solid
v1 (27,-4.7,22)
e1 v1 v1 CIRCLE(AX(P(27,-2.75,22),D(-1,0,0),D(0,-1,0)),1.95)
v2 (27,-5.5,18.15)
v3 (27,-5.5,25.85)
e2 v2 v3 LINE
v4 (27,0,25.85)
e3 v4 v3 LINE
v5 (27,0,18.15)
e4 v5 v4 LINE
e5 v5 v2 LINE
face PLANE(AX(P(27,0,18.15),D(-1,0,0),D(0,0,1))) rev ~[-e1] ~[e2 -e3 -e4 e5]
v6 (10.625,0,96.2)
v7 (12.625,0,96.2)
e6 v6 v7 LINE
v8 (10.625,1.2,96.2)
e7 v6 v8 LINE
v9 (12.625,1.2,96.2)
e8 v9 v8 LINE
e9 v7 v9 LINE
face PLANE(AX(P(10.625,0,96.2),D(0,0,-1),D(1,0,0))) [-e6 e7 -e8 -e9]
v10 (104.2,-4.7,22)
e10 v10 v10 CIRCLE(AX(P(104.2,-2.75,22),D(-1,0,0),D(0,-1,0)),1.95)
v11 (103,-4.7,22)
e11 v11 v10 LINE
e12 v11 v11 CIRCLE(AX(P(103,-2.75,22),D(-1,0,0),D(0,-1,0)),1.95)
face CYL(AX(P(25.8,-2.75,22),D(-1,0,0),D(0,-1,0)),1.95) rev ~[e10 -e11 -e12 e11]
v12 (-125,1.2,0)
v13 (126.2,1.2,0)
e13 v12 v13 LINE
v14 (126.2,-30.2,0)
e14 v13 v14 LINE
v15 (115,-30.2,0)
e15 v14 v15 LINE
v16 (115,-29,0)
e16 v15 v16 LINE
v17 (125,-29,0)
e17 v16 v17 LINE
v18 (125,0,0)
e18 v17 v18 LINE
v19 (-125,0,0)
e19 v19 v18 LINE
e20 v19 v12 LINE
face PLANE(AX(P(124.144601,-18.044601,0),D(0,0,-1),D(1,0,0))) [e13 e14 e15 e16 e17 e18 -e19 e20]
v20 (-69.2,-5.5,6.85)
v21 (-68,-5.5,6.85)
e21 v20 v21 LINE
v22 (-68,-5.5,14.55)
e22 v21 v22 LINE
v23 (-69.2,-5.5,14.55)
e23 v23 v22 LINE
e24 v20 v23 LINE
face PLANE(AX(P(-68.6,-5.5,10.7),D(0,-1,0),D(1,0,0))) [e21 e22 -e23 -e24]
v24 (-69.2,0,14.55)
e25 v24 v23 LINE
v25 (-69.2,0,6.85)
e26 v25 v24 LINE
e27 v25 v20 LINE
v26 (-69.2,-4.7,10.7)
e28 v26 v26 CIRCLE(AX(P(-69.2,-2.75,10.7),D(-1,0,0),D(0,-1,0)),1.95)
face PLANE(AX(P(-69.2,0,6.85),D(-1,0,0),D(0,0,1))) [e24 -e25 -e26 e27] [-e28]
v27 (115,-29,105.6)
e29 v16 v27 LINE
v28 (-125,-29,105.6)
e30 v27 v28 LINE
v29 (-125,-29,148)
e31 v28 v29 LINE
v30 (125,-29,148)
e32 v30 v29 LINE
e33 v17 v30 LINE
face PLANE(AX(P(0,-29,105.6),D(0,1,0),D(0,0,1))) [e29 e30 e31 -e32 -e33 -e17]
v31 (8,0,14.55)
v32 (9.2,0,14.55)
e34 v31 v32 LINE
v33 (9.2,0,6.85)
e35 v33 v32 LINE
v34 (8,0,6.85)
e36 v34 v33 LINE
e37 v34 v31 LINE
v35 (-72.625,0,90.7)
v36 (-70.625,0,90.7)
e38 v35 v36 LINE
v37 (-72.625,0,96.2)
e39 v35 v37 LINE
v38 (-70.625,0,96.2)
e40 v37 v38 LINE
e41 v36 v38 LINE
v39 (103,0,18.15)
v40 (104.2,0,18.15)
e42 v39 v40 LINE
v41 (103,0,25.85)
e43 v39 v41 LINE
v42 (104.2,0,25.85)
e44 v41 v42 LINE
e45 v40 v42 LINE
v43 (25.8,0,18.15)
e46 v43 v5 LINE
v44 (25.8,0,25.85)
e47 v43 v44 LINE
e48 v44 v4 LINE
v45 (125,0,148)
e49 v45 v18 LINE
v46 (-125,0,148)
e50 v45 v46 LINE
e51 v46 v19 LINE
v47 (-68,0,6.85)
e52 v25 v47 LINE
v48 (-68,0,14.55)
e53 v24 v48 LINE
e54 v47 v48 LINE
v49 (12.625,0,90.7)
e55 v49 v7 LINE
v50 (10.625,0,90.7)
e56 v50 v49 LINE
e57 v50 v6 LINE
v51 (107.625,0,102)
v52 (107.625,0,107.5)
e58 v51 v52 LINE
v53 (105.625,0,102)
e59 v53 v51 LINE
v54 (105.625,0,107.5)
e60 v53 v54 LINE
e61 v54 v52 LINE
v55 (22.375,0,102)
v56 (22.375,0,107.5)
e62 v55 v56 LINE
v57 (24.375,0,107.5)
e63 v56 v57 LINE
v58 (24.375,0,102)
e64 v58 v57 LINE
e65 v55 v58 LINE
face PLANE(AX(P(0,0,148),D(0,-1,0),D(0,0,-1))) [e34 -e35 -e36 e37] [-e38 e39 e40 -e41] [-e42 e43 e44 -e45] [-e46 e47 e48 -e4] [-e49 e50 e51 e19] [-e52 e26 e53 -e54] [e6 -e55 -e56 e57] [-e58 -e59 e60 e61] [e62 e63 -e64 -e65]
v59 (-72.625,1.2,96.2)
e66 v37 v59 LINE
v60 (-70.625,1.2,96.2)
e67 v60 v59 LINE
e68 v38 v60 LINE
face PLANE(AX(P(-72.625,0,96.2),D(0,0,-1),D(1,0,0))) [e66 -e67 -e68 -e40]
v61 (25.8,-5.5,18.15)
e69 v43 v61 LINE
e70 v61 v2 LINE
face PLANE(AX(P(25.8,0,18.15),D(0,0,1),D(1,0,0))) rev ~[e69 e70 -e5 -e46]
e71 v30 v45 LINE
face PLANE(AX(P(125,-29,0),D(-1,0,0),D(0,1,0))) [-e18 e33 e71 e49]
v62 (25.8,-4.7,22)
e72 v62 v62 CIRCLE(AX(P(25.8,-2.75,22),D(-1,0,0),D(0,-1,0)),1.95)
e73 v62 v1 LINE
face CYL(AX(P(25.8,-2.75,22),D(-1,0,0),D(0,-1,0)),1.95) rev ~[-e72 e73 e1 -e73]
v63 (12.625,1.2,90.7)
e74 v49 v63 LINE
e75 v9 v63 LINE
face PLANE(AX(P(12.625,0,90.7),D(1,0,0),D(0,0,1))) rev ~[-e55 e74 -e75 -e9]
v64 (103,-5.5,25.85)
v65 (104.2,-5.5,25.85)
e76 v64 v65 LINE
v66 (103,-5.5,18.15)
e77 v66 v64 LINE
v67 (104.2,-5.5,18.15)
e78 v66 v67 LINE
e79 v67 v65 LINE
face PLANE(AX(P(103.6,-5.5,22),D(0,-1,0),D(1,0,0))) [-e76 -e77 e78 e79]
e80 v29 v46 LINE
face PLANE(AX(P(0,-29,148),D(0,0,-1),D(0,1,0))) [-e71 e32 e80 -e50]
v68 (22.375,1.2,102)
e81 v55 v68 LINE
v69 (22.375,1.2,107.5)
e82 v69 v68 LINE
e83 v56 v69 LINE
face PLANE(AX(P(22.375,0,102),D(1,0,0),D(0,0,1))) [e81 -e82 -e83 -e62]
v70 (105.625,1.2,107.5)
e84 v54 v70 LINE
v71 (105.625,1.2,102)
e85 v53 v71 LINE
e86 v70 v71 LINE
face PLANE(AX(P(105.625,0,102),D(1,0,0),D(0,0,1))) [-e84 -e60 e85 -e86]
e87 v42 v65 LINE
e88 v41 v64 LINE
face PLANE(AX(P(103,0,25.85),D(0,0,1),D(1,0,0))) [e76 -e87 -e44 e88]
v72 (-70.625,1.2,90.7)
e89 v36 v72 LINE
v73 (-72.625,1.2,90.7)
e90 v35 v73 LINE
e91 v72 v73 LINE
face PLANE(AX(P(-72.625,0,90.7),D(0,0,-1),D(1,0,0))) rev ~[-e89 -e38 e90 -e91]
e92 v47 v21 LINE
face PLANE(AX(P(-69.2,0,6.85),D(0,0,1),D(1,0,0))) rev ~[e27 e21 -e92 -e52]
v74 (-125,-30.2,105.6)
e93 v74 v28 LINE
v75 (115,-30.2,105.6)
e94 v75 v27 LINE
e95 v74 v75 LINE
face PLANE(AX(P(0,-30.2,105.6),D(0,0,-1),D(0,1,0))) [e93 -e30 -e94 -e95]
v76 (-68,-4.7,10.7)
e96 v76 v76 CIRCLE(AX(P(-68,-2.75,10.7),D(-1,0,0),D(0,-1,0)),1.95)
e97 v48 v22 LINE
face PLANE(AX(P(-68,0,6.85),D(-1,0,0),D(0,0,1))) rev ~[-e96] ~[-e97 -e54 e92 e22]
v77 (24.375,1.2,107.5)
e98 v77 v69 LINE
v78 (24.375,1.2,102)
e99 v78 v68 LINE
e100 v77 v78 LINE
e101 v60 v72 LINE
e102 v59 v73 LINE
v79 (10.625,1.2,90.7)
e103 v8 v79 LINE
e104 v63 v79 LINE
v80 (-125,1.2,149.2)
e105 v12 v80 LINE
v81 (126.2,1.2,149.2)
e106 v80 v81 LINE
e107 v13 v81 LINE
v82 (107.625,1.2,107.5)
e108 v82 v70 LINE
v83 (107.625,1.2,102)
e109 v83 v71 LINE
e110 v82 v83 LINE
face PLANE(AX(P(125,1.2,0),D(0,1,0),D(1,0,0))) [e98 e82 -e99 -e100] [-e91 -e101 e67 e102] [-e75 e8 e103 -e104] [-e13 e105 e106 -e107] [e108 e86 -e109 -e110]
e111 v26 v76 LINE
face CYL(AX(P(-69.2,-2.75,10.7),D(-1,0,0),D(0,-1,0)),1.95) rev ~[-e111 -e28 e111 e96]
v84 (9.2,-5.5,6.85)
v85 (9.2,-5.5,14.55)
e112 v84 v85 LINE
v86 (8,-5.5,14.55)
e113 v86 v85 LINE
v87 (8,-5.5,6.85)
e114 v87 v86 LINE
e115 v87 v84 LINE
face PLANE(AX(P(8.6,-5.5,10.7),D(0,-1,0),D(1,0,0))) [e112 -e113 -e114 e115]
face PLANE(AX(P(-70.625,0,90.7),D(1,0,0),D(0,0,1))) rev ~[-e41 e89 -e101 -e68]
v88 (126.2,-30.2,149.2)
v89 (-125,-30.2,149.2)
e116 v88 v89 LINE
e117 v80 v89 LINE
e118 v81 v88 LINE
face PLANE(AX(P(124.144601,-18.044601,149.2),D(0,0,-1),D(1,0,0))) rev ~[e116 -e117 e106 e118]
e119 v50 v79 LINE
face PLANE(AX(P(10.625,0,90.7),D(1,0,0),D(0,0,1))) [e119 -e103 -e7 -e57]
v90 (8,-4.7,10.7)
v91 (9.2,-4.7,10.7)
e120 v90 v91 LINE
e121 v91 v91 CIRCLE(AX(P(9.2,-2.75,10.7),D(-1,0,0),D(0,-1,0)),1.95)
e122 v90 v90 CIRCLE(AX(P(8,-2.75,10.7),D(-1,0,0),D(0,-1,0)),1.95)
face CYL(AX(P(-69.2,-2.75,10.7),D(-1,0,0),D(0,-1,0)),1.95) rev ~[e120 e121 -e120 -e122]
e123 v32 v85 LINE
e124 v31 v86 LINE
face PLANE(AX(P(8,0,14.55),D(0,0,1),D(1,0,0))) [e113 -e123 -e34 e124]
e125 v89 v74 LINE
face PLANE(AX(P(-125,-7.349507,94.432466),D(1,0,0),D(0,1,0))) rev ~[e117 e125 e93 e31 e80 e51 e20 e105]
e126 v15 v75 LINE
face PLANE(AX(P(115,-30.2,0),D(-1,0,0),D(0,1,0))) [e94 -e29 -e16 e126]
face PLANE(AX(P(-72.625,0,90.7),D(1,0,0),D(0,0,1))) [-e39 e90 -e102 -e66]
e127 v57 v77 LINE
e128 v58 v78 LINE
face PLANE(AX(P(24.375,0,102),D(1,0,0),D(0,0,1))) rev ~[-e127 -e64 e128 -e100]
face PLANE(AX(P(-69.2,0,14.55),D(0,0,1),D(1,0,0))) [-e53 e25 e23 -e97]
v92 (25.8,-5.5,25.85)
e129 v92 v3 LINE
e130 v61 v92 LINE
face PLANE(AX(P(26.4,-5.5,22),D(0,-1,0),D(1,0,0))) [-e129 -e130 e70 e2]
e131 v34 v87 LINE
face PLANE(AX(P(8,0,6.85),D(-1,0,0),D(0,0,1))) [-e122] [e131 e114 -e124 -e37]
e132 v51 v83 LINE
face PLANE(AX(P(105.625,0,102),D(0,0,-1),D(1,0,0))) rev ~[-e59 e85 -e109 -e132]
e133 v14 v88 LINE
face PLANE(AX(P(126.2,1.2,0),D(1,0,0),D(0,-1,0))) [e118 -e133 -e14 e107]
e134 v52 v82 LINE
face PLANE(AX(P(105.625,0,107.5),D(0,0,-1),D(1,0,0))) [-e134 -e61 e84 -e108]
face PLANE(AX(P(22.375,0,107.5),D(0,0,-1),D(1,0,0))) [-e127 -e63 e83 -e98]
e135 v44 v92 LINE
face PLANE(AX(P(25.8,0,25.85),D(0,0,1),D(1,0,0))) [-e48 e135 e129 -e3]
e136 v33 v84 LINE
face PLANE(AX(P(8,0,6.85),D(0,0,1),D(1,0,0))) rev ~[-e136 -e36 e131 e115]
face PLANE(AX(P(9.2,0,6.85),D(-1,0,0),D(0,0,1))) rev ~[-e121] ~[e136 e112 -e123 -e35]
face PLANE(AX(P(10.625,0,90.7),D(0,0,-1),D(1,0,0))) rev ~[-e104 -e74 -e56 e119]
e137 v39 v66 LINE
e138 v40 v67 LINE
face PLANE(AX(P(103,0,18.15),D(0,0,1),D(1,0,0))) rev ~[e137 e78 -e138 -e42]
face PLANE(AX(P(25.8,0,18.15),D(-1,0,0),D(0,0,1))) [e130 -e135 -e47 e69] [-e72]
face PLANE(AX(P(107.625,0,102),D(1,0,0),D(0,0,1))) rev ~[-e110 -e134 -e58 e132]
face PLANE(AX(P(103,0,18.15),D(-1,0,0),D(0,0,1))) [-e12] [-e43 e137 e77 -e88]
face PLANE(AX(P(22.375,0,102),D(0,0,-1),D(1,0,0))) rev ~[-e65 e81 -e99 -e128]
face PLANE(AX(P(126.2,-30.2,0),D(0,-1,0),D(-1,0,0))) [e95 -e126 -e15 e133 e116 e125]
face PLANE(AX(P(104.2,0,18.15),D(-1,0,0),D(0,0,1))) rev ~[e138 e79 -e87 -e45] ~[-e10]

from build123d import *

# Parameters (mm, degrees)
F1_DEPTH = 125
F3_DEPTH = 149.2
F4_W     = 2
F4_H     = 5.5
F5_DEPTH = 1.201
F4_W_2   = 1.2
F4_H_2   = 7.7
F6_DEPTH = 5.5
F7_R     = 1.95
F8_R     = 1.95
F9_DEPTH = 78.4


with BuildPart() as f1:
    # F0 (on Right) → F1 (new body, symmetric)
    with BuildSketch(Plane.YZ):
        Polygon((0, 148), (0, 0), (1.2, 0), (1.2, 149.2), (-30.2, 149.2), (-30.2, 105.6), (-29, 105.6), (-29, 148), align=None)
    extrude(amount=F1_DEPTH, both=True)

    # F2 (on face) → F3 (join, through all)
    with BuildSketch(Plane(origin=(0, 0, 0), x_dir=(1, 0, 0), z_dir=(0, 0, -1))):
        Polygon((125, 29), (125, -1.2), (126.2, -1.2), (126.2, 30.2), (115, 30.2), (115, 29), align=None)
    extrude(amount=-F3_DEPTH)

    # F4 (on face) → F5 (cut, through all)
    with BuildSketch(Plane.XZ):
        with Locations((23.375, 104.75)):
            Rectangle(F4_W, F4_H)
        with Locations((106.625, 104.75)):
            Rectangle(F4_W, F4_H)
        with Locations((11.625, 93.45)):
            Rectangle(F4_W, F4_H)
        with Locations((-71.625, 93.45)):
            Rectangle(F4_W, F4_H)
    extrude(amount=-F5_DEPTH, mode=Mode.SUBTRACT)

    # F4 (on face) → F6 (join)
    with BuildSketch(Plane.XZ):
        with Locations((26.4, 22)):
            Rectangle(F4_W_2, F4_H_2)
        with Locations((103.6, 22)):
            Rectangle(F4_W_2, F4_H_2)
        with Locations((-68.6, 10.7)):
            Rectangle(F4_W_2, F4_H_2)
        with Locations((8.6, 10.7)):
            Rectangle(F4_W_2, F4_H_2)
    extrude(amount=F6_DEPTH)

    # F7 (on face) + F8 (on face) → F9 (cut, through all)
    with BuildSketch(Plane(origin=(25.8, 0, 0), x_dir=(0, -1, 0), z_dir=(-1, 0, 0))):
        with Locations((2.75, 22)):
            Circle(F7_R)
    with BuildSketch(Plane(origin=(-69.2, 0, 0), x_dir=(0, -1, 0), z_dir=(-1, 0, 0))):
        with Locations((2.75, 10.7)):
            Circle(F8_R)
    extrude(amount=-F9_DEPTH, mode=Mode.SUBTRACT)


solid = f1.part
